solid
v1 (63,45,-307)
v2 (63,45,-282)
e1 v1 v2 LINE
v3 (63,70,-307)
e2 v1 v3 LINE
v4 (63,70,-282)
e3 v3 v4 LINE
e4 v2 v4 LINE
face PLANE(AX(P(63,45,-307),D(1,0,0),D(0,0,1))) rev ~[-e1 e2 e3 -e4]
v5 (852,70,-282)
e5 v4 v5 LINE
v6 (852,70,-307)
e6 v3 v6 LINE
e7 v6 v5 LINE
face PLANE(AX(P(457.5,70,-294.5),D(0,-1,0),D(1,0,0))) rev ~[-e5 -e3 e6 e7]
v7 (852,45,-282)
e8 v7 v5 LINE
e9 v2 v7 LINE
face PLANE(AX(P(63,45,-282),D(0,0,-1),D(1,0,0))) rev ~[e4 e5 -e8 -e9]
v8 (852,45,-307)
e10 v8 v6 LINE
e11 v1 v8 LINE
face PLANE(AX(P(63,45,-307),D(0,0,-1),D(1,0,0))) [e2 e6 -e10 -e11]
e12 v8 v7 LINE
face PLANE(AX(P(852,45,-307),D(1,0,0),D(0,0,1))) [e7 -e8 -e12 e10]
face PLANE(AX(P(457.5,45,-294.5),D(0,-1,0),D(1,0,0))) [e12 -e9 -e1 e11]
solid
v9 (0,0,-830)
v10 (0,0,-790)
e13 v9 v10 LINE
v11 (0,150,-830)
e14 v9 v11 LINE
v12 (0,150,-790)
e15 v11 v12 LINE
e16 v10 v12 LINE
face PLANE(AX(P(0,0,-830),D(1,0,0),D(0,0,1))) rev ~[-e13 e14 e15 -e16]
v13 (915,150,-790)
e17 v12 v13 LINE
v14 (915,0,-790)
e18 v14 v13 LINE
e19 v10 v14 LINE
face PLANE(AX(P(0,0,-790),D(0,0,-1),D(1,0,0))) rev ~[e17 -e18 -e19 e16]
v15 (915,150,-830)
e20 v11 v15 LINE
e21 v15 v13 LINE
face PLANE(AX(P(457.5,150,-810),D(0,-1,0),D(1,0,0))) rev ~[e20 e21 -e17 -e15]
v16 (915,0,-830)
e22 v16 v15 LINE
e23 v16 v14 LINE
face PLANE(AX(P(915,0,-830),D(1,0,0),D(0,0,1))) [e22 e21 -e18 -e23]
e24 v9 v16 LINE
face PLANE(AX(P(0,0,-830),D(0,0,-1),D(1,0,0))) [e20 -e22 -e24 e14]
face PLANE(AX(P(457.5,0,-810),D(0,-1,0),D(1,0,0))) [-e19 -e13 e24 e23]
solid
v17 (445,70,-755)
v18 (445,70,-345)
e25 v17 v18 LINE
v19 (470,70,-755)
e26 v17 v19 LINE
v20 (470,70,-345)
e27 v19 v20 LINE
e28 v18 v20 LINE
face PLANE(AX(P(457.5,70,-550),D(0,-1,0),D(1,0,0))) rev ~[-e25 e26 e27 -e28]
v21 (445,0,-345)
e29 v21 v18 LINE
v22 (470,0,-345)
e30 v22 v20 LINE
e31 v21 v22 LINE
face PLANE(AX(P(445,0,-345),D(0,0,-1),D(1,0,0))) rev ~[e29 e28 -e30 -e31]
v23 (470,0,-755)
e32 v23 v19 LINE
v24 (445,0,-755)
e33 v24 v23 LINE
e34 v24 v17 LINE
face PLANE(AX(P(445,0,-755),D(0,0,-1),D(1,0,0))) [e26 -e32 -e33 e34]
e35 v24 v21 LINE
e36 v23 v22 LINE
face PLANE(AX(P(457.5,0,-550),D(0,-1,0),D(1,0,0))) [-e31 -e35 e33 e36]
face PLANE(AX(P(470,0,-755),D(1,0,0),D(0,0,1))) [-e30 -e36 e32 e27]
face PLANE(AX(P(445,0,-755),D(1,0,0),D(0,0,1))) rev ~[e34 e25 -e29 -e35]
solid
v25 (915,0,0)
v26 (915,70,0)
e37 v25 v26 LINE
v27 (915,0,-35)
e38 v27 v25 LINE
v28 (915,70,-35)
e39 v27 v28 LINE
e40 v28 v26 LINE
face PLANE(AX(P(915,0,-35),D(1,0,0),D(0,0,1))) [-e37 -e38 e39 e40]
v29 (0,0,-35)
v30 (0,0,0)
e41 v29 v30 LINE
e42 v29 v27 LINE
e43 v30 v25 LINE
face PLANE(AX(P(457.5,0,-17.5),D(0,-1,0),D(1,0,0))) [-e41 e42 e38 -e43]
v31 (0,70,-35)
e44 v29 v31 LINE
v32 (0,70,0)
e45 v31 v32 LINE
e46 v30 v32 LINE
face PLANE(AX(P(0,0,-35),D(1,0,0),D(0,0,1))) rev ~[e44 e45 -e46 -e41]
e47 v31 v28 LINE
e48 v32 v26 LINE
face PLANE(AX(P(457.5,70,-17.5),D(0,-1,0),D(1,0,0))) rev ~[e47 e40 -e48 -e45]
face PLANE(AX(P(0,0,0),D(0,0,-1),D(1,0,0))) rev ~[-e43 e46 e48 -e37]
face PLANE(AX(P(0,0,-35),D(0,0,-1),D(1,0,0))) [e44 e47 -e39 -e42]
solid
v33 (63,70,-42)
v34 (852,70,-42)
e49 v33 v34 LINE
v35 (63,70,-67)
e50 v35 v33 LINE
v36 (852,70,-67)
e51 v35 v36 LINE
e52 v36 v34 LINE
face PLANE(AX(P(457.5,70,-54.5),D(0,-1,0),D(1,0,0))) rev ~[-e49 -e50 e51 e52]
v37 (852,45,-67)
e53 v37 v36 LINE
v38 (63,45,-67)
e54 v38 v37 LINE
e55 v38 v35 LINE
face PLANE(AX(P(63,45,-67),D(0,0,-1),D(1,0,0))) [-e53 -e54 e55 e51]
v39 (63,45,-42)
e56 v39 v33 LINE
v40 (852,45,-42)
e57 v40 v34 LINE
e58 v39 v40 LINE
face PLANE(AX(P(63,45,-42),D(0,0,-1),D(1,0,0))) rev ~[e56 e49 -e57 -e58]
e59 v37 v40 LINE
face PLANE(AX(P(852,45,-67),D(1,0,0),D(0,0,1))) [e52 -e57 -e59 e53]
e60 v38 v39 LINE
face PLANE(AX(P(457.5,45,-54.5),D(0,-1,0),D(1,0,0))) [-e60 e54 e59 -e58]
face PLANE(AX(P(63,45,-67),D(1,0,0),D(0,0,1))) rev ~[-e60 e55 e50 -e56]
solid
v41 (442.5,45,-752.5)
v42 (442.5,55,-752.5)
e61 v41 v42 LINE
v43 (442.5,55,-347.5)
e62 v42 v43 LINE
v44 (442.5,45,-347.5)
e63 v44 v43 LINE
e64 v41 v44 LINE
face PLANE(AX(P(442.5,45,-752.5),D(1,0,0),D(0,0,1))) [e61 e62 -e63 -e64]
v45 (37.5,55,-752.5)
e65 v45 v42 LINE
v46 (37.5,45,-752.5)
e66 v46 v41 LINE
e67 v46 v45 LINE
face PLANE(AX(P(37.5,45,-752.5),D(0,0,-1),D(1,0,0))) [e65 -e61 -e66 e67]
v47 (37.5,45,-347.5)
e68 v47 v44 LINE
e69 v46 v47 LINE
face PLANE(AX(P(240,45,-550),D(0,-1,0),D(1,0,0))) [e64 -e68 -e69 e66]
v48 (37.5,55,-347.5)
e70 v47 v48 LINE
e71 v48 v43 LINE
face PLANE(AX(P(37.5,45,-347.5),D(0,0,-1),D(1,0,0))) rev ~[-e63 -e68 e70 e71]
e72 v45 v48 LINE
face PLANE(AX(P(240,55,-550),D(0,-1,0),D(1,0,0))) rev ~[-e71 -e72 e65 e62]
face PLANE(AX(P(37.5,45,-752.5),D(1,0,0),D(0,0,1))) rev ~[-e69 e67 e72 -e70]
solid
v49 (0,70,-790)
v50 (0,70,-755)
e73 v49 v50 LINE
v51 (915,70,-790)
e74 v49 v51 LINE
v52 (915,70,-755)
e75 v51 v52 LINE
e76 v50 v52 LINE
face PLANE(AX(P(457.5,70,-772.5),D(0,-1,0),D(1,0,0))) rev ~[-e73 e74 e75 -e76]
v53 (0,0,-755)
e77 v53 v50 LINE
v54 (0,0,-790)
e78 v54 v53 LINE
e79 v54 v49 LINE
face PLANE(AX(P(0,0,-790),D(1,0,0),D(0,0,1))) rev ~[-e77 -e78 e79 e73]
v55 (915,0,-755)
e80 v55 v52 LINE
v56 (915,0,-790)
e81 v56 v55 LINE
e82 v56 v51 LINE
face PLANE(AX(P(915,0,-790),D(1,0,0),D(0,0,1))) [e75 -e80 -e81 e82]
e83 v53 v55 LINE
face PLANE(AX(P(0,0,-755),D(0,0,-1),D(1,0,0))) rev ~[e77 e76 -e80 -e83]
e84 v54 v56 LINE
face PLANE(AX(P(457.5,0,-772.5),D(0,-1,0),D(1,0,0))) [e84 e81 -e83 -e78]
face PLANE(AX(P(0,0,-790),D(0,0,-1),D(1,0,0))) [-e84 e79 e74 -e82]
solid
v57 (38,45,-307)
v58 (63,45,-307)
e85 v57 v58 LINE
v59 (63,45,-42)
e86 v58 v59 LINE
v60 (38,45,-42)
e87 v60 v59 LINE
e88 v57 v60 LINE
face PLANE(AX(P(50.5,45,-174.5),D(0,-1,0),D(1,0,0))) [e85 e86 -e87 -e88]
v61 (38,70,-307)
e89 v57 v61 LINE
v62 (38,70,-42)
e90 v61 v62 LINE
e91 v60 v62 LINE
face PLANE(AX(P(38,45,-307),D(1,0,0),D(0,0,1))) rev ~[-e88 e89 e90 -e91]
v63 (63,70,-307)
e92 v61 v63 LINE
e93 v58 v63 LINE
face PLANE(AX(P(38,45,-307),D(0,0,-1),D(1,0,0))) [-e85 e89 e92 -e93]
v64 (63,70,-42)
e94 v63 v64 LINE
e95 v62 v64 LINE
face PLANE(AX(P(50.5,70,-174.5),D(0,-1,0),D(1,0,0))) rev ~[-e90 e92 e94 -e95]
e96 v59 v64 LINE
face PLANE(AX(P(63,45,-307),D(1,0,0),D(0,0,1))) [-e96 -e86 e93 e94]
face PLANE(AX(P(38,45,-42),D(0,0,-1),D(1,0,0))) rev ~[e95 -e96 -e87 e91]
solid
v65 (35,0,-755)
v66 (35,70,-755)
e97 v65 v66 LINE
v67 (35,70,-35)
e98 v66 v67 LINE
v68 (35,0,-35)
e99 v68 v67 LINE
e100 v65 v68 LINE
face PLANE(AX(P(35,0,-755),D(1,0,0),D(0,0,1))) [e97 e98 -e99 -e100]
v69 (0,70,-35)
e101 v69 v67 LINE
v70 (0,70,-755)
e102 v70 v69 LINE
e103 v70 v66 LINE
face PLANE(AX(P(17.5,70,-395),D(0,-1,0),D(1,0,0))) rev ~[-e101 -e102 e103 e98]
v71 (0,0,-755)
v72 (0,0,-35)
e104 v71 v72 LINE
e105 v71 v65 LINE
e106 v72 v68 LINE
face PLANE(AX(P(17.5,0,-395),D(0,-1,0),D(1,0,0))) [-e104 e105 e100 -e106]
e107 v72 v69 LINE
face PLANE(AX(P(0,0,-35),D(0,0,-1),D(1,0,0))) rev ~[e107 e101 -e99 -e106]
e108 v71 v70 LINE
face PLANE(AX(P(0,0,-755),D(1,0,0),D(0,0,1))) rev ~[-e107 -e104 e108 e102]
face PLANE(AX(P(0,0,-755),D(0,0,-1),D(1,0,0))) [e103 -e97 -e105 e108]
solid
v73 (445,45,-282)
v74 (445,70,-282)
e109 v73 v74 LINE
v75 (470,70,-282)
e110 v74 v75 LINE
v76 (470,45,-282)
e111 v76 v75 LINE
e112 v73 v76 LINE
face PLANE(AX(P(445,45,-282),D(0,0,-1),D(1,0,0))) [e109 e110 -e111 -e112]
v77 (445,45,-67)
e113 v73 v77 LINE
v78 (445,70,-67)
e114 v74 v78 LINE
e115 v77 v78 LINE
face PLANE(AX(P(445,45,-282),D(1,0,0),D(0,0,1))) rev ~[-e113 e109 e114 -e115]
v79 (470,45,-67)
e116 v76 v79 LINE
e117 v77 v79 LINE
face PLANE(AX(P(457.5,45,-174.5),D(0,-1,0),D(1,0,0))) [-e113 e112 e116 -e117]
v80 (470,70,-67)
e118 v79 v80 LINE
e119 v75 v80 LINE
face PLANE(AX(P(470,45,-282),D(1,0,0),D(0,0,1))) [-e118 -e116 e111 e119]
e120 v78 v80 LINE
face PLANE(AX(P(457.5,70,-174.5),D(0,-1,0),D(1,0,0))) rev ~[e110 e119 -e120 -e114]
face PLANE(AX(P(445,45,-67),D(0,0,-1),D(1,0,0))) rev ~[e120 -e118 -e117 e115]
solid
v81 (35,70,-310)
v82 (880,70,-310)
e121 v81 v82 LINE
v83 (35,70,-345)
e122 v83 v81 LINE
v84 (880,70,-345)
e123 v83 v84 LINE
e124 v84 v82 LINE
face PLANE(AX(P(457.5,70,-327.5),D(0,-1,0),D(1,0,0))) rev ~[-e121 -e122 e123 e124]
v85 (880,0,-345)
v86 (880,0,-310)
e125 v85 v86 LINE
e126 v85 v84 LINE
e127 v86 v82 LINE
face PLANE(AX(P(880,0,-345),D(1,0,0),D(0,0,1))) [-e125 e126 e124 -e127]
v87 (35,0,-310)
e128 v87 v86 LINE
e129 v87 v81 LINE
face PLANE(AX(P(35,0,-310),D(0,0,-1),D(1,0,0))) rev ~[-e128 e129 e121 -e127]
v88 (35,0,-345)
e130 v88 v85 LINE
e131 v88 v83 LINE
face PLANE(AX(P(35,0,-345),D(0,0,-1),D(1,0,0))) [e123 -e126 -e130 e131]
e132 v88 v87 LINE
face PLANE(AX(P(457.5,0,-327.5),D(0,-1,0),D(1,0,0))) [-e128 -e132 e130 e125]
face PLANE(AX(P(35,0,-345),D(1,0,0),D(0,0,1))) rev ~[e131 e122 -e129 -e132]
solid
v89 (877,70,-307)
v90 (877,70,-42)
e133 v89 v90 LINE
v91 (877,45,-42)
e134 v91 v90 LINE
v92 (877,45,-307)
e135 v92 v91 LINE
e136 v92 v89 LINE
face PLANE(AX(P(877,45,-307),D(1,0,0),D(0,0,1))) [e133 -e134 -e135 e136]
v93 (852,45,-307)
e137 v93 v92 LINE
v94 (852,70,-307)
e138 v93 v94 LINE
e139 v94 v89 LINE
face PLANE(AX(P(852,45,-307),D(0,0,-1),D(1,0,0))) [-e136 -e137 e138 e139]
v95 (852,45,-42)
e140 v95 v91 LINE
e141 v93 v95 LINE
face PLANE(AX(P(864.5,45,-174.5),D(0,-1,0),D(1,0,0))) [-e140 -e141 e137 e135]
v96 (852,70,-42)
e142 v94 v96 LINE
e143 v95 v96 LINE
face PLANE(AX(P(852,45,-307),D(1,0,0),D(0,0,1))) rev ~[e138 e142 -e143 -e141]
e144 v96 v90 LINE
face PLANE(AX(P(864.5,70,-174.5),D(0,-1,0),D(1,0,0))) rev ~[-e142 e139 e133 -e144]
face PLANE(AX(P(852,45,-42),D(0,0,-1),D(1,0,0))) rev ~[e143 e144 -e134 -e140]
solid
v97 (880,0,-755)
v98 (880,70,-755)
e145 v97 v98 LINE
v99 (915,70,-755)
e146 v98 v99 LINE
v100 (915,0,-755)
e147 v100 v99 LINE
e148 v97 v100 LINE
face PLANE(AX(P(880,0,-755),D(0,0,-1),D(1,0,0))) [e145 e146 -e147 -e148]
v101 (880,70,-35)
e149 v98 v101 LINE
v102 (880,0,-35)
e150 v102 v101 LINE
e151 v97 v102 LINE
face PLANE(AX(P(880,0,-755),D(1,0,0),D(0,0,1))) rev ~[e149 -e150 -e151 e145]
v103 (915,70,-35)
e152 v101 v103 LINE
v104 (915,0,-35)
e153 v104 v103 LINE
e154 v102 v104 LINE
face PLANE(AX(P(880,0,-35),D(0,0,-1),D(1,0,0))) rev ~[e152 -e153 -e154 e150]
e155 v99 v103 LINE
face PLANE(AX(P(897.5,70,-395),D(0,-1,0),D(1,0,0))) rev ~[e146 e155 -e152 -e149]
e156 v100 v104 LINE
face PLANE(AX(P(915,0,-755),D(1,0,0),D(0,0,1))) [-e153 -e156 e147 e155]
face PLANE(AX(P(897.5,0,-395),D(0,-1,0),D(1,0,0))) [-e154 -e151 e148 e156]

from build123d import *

# Parameters (mm, degrees)
F4_W      = 915
F4_H      = 35
F11_DEPTH = 70
F5_W      = 915
F5_H      = 35
F12_DEPTH = 70
F6_W      = 845
F6_H      = 35
F13_DEPTH = 70
F7_W      = 35
F7_H      = 720
F14_DEPTH = 70
F8_W      = 35
F8_H      = 720
F15_DEPTH = 70
F9_W      = 25
F9_H      = 410
F16_DEPTH = 70
F18_W     = 789
F18_H     = 25
F23_DEPTH = 25
F19_W     = 789
F19_H     = 25
F24_DEPTH = 25
F20_W     = 25
F20_H     = 265
F25_DEPTH = 25
F21_W     = 25
F21_H     = 265
F26_DEPTH = 25
F22_W     = 25
F22_H     = 215
F27_DEPTH = 25
F29_W     = 405
F29_H     = 405
F30_DEPTH = 10
F10_W     = 915
F10_H     = 40
F31_DEPTH = 150


with BuildPart() as f11:
    # F4 (on Front) → F11 (new body, through all)
    with BuildSketch(Plane.XZ):
        with Locations((457.5, -17.5)):
            Rectangle(F4_W, F4_H)
    extrude(amount=-F11_DEPTH)


with BuildPart() as f12:
    # F5 (on Front) → F12 (new body, through all)
    with BuildSketch(Plane.XZ):
        with Locations((457.5, -772.5)):
            Rectangle(F5_W, F5_H)
    extrude(amount=-F12_DEPTH)


with BuildPart() as f13:
    # F6 (on Front) → F13 (new body, through all)
    with BuildSketch(Plane.XZ):
        with Locations((457.5, -327.5)):
            Rectangle(F6_W, F6_H)
    extrude(amount=-F13_DEPTH)


with BuildPart() as f14:
    # F7 (on Front) → F14 (new body, through all)
    with BuildSketch(Plane.XZ):
        with Locations((17.5, -395)):
            Rectangle(F7_W, F7_H)
    extrude(amount=-F14_DEPTH)


with BuildPart() as f15:
    # F8 (on Front) → F15 (new body, through all)
    with BuildSketch(Plane.XZ):
        with Locations((897.5, -395)):
            Rectangle(F8_W, F8_H)
    extrude(amount=-F15_DEPTH)


with BuildPart() as f16:
    # F9 (on Front) → F16 (new body, through all)
    with BuildSketch(Plane.XZ):
        with Locations((457.5, -550)):
            Rectangle(F9_W, F9_H)
    extrude(amount=-F16_DEPTH)


with BuildPart() as f23:
    # F18 (on plane+point) → F23 (new body, through all)
    with BuildSketch(Plane.XZ.offset(-45)):
        with Locations((457.5, -54.5)):
            Rectangle(F18_W, F18_H)
    extrude(amount=-F23_DEPTH)


with BuildPart() as f24:
    # F19 (on plane+point) → F24 (new body, through all)
    with BuildSketch(Plane.XZ.offset(-45)):
        with Locations((457.5, -294.5)):
            Rectangle(F19_W, F19_H)
    extrude(amount=-F24_DEPTH)


with BuildPart() as f25:
    # F20 (on plane+point) → F25 (new body, through all)
    with BuildSketch(Plane.XZ.offset(-45)):
        with Locations((50.5, -174.5)):
            Rectangle(F20_W, F20_H)
    extrude(amount=-F25_DEPTH)


with BuildPart() as f26:
    # F21 (on plane+point) → F26 (new body, through all)
    with BuildSketch(Plane.XZ.offset(-45)):
        with Locations((864.5, -174.5)):
            Rectangle(F21_W, F21_H)
    extrude(amount=-F26_DEPTH)


with BuildPart() as f27:
    # F22 (on plane+point) → F27 (new body, through all)
    with BuildSketch(Plane.XZ.offset(-45)):
        with Locations((457.5, -174.5)):
            Rectangle(F22_W, F22_H)
    extrude(amount=-F27_DEPTH)


with BuildPart() as f30:
    # F29 (on plane+point) → F30 (new body, through all)
    with BuildSketch(Plane.XZ.offset(-45)):
        with Locations((240, -550)):
            Rectangle(F29_W, F29_H)
    extrude(amount=-F30_DEPTH)


with BuildPart() as f31:
    # F10 (on Front) → F31 (new body)
    with BuildSketch(Plane.XZ):
        with Locations((457.5, -810)):
            Rectangle(F10_W, F10_H)
    extrude(amount=-F31_DEPTH)


solid = Compound([f11.part, f12.part, f13.part, f14.part, f15.part, f16.part, f23.part, f24.part, f25.part, f26.part, f27.part, f30.part, f31.part])
